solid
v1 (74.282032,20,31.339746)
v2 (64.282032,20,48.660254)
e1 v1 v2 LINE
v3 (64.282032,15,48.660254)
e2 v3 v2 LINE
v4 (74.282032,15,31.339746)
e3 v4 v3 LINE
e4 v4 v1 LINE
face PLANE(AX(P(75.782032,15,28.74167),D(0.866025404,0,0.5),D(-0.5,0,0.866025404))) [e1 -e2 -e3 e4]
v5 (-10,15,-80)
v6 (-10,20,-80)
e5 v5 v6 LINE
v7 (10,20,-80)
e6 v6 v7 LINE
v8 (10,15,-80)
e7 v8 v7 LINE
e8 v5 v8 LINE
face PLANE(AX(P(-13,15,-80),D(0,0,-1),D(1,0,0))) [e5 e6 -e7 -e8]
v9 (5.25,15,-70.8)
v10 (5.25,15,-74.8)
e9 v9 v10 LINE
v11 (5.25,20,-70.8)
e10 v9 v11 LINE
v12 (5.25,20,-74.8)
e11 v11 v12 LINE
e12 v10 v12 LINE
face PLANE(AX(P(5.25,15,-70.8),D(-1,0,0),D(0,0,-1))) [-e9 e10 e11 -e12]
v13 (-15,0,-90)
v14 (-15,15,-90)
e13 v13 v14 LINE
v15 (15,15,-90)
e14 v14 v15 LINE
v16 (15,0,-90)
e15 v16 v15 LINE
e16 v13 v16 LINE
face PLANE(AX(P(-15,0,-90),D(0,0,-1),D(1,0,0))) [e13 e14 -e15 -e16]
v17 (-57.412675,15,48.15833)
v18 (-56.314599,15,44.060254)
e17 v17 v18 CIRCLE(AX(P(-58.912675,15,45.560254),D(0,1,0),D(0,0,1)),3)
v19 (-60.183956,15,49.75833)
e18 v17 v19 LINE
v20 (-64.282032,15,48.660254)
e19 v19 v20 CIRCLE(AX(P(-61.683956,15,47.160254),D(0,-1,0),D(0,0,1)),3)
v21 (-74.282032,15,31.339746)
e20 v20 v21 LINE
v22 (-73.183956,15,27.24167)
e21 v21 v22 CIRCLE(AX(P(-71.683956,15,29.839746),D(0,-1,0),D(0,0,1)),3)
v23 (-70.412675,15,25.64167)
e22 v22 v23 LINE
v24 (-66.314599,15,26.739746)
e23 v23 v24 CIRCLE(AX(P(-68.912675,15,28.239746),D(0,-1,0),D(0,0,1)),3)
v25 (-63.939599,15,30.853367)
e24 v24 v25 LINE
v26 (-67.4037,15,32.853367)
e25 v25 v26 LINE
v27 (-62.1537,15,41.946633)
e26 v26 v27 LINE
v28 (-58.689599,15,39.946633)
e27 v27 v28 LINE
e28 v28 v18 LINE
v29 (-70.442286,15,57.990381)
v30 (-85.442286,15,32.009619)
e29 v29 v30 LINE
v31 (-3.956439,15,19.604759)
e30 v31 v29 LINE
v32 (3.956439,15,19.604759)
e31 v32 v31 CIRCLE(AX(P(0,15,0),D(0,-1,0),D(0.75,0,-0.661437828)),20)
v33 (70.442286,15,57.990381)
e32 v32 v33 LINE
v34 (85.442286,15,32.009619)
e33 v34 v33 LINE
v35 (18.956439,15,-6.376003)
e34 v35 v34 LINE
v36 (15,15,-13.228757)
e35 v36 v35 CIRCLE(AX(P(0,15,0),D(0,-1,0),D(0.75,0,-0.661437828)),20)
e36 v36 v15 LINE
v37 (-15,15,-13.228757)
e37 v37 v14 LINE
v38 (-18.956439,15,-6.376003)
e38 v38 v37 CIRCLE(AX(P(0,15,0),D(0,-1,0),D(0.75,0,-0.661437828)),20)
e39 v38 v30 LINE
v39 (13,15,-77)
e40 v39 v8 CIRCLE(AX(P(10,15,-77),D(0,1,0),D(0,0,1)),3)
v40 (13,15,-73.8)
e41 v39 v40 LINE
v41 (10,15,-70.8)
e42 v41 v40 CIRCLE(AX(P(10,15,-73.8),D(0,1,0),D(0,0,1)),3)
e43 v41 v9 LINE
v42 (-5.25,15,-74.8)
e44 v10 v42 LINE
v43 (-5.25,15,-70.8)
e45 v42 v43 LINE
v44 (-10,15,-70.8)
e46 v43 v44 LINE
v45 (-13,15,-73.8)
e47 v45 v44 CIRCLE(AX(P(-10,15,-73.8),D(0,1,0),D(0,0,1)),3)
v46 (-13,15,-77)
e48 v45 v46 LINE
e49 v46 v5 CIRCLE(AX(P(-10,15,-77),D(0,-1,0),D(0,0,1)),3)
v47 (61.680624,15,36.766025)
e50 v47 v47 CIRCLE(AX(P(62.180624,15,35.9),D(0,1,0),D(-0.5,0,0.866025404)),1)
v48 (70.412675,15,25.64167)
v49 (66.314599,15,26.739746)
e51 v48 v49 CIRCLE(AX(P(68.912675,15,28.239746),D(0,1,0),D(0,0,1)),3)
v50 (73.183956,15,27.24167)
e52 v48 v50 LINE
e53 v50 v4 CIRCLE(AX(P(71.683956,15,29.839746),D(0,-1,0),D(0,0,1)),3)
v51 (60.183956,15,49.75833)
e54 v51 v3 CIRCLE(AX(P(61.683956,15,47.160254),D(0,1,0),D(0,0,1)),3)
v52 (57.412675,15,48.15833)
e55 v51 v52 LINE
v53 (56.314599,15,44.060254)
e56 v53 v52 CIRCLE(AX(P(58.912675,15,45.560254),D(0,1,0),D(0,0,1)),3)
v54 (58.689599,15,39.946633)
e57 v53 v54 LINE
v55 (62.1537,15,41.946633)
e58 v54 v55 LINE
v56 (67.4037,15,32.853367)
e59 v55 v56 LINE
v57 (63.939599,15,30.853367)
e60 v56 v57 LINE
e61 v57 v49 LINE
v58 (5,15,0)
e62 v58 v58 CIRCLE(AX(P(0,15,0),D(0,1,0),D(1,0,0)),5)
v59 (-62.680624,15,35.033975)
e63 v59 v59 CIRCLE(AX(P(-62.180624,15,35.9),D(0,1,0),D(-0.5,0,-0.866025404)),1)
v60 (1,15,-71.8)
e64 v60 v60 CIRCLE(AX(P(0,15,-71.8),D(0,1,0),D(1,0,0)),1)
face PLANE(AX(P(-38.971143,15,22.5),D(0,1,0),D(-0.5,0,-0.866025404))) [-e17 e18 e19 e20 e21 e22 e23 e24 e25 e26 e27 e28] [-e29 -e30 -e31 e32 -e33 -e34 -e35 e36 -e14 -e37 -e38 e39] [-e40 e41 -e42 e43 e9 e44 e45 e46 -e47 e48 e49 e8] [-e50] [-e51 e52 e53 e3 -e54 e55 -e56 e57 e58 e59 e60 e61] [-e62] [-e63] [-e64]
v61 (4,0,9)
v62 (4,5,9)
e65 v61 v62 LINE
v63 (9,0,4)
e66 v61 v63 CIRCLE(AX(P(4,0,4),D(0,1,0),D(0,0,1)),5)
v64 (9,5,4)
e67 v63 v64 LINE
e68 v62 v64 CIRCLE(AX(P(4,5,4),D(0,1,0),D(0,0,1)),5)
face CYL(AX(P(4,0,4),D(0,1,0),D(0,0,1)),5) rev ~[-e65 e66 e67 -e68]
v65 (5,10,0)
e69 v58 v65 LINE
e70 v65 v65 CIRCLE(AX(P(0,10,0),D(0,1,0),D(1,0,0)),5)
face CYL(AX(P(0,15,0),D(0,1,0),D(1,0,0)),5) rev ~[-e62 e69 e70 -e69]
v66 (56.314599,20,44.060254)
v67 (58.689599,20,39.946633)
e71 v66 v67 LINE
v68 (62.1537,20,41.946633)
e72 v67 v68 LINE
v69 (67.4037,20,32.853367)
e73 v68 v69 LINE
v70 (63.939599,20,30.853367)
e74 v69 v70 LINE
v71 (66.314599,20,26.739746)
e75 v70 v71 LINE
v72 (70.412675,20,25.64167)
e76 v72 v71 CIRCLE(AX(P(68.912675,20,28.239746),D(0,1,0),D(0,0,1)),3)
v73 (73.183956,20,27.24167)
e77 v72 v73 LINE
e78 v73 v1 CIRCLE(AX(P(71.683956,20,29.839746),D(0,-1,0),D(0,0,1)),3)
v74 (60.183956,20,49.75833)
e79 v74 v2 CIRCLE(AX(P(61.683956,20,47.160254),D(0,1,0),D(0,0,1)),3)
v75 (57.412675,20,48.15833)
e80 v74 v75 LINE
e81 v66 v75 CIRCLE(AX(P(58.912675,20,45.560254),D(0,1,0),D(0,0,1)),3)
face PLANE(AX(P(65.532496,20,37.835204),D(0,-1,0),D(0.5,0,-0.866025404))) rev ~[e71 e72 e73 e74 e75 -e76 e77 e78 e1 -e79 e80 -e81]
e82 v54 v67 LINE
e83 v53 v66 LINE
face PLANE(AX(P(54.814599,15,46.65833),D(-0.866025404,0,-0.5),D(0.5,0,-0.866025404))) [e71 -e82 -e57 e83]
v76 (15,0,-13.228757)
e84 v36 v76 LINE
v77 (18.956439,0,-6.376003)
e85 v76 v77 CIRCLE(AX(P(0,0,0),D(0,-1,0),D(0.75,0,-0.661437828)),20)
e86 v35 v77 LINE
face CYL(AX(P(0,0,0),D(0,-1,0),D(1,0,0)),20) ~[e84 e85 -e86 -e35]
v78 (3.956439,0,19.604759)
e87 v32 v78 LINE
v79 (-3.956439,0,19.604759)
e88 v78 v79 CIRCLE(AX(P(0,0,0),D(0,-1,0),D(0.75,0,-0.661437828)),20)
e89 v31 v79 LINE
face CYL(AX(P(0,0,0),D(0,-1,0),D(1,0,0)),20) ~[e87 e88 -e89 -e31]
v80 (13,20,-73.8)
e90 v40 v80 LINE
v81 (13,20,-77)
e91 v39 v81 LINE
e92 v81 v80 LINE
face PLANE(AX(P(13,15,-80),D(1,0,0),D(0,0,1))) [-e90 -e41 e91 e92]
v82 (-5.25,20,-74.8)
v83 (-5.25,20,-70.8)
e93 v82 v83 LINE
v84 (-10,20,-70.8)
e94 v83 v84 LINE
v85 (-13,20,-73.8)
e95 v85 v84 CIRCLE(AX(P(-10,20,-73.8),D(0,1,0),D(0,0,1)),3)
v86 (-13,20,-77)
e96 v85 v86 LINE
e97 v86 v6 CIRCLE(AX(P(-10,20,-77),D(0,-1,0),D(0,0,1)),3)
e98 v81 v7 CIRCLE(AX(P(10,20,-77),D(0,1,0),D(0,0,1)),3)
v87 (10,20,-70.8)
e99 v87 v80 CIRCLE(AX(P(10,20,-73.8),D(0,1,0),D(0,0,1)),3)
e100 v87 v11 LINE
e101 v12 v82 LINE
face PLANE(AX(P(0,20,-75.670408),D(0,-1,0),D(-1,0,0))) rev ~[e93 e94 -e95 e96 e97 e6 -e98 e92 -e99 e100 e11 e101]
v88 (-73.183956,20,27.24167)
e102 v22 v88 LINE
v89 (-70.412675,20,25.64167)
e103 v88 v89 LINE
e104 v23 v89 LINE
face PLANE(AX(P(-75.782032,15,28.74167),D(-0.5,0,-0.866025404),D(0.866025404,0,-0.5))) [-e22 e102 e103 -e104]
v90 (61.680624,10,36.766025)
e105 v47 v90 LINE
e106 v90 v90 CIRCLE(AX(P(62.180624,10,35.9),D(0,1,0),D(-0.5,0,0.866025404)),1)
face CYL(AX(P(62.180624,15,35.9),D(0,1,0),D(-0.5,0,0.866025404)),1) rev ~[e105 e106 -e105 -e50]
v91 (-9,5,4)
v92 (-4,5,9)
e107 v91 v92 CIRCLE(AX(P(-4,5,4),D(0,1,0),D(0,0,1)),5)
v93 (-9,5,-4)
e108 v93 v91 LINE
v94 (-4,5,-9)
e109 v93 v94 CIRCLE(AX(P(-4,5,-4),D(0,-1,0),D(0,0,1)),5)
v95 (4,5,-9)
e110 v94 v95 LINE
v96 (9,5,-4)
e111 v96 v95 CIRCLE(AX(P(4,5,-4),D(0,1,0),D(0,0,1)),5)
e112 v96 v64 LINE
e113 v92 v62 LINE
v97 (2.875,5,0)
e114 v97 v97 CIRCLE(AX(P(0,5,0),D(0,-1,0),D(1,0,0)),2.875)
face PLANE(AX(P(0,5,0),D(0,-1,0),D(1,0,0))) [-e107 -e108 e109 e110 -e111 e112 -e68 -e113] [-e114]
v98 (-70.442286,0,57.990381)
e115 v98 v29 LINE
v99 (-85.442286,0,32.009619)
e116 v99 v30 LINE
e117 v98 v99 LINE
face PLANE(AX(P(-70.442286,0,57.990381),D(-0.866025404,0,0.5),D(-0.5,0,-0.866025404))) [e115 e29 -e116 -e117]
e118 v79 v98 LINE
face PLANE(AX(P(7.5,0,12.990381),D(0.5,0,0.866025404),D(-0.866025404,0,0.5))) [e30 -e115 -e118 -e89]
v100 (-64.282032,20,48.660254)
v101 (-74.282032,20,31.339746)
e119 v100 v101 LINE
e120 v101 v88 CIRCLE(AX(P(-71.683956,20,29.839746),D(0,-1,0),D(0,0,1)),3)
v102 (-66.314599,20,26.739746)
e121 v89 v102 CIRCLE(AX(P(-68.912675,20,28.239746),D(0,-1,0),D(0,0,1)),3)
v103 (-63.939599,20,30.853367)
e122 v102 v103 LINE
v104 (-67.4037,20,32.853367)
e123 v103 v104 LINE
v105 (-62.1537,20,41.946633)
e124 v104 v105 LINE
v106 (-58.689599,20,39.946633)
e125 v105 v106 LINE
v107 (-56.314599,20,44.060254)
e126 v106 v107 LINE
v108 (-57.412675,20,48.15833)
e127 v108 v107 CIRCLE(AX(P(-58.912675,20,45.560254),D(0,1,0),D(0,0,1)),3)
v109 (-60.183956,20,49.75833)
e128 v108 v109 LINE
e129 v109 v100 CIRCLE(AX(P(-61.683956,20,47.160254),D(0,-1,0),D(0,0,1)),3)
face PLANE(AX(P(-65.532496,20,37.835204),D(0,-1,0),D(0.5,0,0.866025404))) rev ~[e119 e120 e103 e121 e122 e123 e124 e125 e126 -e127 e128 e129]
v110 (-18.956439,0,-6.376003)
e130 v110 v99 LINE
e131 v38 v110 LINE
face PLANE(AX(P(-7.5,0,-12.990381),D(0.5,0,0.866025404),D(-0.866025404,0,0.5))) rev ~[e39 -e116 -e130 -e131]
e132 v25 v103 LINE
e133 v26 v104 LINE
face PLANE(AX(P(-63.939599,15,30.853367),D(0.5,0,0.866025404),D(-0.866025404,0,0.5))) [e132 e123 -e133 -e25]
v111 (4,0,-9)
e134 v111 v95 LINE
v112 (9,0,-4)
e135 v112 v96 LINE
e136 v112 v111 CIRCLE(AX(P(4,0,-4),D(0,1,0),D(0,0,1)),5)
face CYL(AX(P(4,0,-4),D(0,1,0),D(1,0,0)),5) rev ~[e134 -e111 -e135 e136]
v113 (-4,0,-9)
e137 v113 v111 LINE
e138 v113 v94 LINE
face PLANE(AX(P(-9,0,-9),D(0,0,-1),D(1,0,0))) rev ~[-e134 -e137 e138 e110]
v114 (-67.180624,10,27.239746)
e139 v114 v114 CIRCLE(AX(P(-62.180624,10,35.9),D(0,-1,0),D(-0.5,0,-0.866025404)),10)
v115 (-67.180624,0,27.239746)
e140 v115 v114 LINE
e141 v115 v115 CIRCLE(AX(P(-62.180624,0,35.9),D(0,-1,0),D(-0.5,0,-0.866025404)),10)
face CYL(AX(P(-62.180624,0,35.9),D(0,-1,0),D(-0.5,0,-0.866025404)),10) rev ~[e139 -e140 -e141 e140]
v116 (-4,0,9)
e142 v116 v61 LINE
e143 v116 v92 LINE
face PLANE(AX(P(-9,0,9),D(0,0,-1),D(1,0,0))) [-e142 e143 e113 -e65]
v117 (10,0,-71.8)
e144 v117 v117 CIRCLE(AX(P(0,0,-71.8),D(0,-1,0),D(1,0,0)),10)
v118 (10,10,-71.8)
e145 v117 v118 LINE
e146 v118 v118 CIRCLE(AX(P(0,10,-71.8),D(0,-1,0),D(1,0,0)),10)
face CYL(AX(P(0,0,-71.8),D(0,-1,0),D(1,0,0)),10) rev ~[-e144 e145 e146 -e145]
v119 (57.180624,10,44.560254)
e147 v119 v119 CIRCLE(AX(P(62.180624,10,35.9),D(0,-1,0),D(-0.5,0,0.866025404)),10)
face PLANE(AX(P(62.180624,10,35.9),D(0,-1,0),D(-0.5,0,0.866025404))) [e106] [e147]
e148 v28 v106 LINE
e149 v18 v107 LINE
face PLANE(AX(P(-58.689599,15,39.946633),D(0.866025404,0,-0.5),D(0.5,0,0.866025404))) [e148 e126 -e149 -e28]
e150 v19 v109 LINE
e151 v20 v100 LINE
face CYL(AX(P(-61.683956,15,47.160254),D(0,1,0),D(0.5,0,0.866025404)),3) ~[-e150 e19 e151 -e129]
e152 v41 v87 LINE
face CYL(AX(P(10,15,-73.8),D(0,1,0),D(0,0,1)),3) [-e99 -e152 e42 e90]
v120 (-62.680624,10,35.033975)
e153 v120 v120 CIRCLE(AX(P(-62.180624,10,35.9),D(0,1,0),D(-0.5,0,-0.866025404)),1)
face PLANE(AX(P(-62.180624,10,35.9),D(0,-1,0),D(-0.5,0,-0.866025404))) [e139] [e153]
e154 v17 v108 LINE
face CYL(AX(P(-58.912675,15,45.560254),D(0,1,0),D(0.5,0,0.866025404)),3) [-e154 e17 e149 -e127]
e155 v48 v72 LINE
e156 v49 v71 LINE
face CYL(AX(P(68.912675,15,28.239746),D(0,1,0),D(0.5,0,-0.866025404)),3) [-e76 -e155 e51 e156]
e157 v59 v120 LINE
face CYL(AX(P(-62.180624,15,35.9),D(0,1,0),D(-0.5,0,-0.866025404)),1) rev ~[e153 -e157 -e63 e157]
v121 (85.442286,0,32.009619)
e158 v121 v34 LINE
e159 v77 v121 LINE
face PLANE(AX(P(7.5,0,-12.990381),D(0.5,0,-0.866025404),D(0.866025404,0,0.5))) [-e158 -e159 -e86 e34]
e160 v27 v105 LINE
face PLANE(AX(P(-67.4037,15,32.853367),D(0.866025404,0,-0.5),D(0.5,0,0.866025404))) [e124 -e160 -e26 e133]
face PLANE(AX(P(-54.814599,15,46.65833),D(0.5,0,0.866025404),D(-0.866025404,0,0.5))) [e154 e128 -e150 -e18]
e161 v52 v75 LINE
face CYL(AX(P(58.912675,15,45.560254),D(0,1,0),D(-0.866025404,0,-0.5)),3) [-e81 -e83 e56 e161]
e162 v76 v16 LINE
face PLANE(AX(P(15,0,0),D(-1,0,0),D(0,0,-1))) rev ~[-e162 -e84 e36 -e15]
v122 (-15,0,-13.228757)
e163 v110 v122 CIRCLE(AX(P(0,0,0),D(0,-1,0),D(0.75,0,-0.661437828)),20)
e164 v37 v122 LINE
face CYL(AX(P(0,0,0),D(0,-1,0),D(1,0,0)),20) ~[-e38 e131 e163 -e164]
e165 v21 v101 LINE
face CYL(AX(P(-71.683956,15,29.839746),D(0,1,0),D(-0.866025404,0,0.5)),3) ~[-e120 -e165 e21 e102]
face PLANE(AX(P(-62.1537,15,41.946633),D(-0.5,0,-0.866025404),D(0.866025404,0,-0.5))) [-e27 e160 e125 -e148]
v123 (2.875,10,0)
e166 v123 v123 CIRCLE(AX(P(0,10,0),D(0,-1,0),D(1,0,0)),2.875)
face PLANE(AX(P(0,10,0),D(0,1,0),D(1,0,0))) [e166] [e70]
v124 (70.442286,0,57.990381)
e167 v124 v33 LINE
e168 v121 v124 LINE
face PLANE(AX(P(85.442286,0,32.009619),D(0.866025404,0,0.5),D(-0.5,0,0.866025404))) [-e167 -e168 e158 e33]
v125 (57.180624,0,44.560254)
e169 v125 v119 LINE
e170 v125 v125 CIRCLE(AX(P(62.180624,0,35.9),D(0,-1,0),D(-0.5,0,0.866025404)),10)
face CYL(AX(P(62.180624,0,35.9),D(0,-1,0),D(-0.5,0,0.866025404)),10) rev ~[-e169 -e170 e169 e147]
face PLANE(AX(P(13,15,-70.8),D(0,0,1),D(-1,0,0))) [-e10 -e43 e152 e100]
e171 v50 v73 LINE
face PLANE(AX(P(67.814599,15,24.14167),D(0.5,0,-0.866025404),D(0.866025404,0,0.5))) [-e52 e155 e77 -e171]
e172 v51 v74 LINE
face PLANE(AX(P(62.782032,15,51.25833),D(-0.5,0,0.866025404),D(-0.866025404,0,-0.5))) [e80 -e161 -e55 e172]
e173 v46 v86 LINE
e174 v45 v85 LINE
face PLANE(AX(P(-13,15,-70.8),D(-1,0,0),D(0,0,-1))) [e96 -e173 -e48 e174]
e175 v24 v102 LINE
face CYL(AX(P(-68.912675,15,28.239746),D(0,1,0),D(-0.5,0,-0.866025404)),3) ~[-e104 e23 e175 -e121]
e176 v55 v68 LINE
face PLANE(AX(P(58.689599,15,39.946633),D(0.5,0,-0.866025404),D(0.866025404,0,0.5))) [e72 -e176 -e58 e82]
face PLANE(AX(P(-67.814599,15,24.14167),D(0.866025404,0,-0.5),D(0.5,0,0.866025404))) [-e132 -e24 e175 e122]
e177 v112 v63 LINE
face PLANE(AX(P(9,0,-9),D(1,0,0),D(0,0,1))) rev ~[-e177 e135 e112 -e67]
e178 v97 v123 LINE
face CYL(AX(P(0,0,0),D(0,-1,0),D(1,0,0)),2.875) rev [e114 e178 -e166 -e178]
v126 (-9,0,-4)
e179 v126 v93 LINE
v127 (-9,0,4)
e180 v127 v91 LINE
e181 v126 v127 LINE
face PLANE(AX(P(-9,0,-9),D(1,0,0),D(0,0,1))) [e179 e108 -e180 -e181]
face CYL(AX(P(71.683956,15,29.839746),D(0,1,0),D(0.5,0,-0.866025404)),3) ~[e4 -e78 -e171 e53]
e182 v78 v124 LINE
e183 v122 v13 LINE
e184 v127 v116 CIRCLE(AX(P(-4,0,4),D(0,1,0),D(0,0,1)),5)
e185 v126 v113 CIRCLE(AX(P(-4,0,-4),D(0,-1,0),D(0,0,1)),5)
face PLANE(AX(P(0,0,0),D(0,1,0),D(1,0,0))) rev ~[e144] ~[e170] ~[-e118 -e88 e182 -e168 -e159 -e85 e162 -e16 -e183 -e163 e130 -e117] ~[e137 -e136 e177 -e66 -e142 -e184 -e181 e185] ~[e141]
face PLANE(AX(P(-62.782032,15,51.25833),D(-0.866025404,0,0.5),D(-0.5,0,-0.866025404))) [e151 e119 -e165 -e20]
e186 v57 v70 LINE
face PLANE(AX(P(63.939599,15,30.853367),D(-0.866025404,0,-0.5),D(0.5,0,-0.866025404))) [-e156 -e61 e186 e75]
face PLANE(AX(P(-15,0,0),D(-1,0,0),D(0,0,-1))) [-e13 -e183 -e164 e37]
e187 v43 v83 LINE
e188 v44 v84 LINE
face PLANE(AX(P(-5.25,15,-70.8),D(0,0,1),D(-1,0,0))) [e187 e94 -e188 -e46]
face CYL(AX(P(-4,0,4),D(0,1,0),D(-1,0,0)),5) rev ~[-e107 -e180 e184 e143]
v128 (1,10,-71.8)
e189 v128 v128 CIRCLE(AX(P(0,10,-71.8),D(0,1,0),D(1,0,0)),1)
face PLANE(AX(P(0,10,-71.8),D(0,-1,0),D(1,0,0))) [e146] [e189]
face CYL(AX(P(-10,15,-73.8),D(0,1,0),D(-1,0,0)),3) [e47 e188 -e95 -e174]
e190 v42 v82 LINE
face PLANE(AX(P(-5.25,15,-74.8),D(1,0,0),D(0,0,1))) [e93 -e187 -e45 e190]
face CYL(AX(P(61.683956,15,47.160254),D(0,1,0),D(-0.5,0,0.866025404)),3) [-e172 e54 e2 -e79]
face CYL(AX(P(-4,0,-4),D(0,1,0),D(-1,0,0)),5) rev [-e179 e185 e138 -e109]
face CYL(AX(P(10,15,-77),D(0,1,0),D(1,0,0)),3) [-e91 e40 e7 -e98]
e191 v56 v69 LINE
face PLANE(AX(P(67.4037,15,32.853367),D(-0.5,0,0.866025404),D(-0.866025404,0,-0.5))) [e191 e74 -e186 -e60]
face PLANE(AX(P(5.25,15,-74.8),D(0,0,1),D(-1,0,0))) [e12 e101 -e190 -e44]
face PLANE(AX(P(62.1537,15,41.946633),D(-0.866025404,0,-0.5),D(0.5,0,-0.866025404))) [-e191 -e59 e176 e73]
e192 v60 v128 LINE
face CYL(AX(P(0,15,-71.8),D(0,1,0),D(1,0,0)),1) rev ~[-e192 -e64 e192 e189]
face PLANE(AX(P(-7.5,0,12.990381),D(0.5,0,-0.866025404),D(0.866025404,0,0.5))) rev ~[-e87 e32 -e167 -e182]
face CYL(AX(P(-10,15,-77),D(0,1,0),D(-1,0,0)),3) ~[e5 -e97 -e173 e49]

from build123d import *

# Parameters (mm, degrees)
SKETCH5_R                = 20
BOSS_EXTRUDE2_DEPTH      = 15
SKETCH6_W                = 30
SKETCH6_H                = 90
BOSS_EXTRUDE3_DEPTH      = 15
CIRPATTERN1_COUNT        = 3
BOSS_EXTRUDE4_DEPTH      = 5
FILLET1_R                = 3
SKETCH8_R                = 1
CUT_EXTRUDE1_DEPTH       = 16
SKETCH9_R                = 10
CUT_EXTRUDE2_DEPTH       = 10
CIRPATTERN4_COUNT        = 3
FILLET1_OF_CIRPATTERN4_R = 3
CIRPATTERN6_COUNT        = 3
CUT_EXTRUDE4_REACH       = 22
SKETCH11_R               = 2.875
SKETCH13_W               = 18
SKETCH13_H               = 18
CUT_EXTRUDE5_DEPTH       = 5
FILLET2_R                = 5
SKETCH14_R               = 5
CUT_EXTRUDE6_DEPTH       = 5


with BuildPart() as part:
    # Sketch5 → Boss-Extrude2 (new body)
    with BuildSketch(Plane(origin=(0, 0, 0), x_dir=(1, 0, 0), z_dir=(0, 1, 0))):
        Circle(SKETCH5_R)
    extrude(amount=BOSS_EXTRUDE2_DEPTH)

    # Sketch6 → Boss-Extrude3 (add)
    with BuildSketch(Plane(origin=(0, 0, 0), x_dir=(1, 0, 0), z_dir=(0, 1, 0))):
        with Locations((0, 45)):
            Rectangle(SKETCH6_W, SKETCH6_H)
    boss_extrude3 = extrude(amount=BOSS_EXTRUDE3_DEPTH)

    # CirPattern1: Boss-Extrude3 ×3 about axis
    cirpattern1_axis = Axis((0, 0, 0), (0, 1, 0))
    for i in range(1, CIRPATTERN1_COUNT):
        add(boss_extrude3.rotate(cirpattern1_axis, i * 360 / CIRPATTERN1_COUNT))

    # Sketch7 → Boss-Extrude4 (add)
    with BuildSketch(Plane(origin=(0, 15, 0), x_dir=(1, 0, 0), z_dir=(0, 1, 0))):
        Polygon((-13, 80), (13, 80), (13, 70.8), (5.25, 70.8), (5.25, 74.8), (-5.25, 74.8), (-5.25, 70.8), (-13, 70.8), align=None)
    boss_extrude4 = extrude(amount=BOSS_EXTRUDE4_DEPTH)

    # Fillet1
    fillet1_edges = [part.edges().sort_by_distance(p)[0] for p in [
        (-13, 17.5, -80),
        (-13, 17.5, -70.8),
        (13, 17.5, -70.8),
        (13, 17.5, -80),
    ]]
    fillet(fillet1_edges, radius=FILLET1_R)

    # Sketch8 → Cut-Extrude1 (cut, through all)
    with BuildSketch(Plane(origin=(0, 15, 0), x_dir=(1, 0, 0), z_dir=(0, 1, 0))):
        with Locations((0, 71.8)):
            Circle(SKETCH8_R)
    cut_extrude1 = extrude(amount=-CUT_EXTRUDE1_DEPTH, mode=Mode.SUBTRACT)

    # Sketch9 → Cut-Extrude2 (cut)
    with BuildSketch(Plane.XZ):
        with Locations((0, -71.8)):
            Circle(SKETCH9_R)
    cut_extrude2 = extrude(amount=-CUT_EXTRUDE2_DEPTH, mode=Mode.SUBTRACT)

    # CirPattern4: Boss-Extrude4 ×3 about axis
    cirpattern4_axis = Axis((0, 0, 0), (0, 1, 0))
    for i in range(1, CIRPATTERN4_COUNT):
        add(boss_extrude4.rotate(cirpattern4_axis, i * 360 / CIRPATTERN4_COUNT))

    # Fillet1 of CirPattern4
    fillet1_of_cirpattern4_edges = [part.edges().sort_by_distance(p)[0] for p in [
        (-62.782032303, 17.5, 51.258330249),
        (-54.814598588, 17.5, 46.658330249),
        (-67.814598588, 17.5, 24.141669751),
        (-75.782032303, 17.5, 28.741669751),
        (75.782032303, 17.5, 28.741669751),
        (67.814598588, 17.5, 24.141669751),
        (54.814598588, 17.5, 46.658330249),
        (62.782032303, 17.5, 51.258330249),
    ]]
    fillet(fillet1_of_cirpattern4_edges, radius=FILLET1_OF_CIRPATTERN4_R)

    # CirPattern6: Cut-Extrude1, Cut-Extrude2 ×3 about axis
    cirpattern6_axis = Axis((0, 0, 0), (0, 1, 0))
    for i in range(1, CIRPATTERN6_COUNT):
        add(cut_extrude1.rotate(cirpattern6_axis, i * 360 / CIRPATTERN6_COUNT), mode=Mode.SUBTRACT)
        add(cut_extrude2.rotate(cirpattern6_axis, i * 360 / CIRPATTERN6_COUNT), mode=Mode.SUBTRACT)

    # Sketch11 → Cut-Extrude4 (cut, up to next)
    with BuildSketch(Plane(origin=(0, 0, 0), x_dir=(1, 0, 0), z_dir=(0, 1, 0)), mode=Mode.PRIVATE) as cut_extrude4_sk1:
        Circle(SKETCH11_R)
    cut_extrude4_tool1 = extrude(cut_extrude4_sk1.sketch, amount=CUT_EXTRUDE4_REACH, mode=Mode.PRIVATE) & part.part
    add(cut_extrude4_tool1.solids().sort_by_distance((0, 0, 0))[0], mode=Mode.SUBTRACT)

    # Sketch13 → Cut-Extrude5 (cut)
    with BuildSketch(Plane.XZ):
        Rectangle(SKETCH13_W, SKETCH13_H)
    extrude(amount=-CUT_EXTRUDE5_DEPTH, mode=Mode.SUBTRACT)

    # Fillet2
    fillet2_edges = [part.edges().sort_by_distance(p)[0] for p in [
        (9, 2.5, 9),
        (9, 2.5, -9),
        (-9, 2.5, -9),
        (-9, 2.5, 9),
    ]]
    fillet(fillet2_edges, radius=FILLET2_R)

    # Sketch14 → Cut-Extrude6 (cut)
    with BuildSketch(Plane(origin=(0, 15, 0), x_dir=(1, 0, 0), z_dir=(0, 1, 0))):
        Circle(SKETCH14_R)
    extrude(amount=-CUT_EXTRUDE6_DEPTH, mode=Mode.SUBTRACT)


solid = part.part
